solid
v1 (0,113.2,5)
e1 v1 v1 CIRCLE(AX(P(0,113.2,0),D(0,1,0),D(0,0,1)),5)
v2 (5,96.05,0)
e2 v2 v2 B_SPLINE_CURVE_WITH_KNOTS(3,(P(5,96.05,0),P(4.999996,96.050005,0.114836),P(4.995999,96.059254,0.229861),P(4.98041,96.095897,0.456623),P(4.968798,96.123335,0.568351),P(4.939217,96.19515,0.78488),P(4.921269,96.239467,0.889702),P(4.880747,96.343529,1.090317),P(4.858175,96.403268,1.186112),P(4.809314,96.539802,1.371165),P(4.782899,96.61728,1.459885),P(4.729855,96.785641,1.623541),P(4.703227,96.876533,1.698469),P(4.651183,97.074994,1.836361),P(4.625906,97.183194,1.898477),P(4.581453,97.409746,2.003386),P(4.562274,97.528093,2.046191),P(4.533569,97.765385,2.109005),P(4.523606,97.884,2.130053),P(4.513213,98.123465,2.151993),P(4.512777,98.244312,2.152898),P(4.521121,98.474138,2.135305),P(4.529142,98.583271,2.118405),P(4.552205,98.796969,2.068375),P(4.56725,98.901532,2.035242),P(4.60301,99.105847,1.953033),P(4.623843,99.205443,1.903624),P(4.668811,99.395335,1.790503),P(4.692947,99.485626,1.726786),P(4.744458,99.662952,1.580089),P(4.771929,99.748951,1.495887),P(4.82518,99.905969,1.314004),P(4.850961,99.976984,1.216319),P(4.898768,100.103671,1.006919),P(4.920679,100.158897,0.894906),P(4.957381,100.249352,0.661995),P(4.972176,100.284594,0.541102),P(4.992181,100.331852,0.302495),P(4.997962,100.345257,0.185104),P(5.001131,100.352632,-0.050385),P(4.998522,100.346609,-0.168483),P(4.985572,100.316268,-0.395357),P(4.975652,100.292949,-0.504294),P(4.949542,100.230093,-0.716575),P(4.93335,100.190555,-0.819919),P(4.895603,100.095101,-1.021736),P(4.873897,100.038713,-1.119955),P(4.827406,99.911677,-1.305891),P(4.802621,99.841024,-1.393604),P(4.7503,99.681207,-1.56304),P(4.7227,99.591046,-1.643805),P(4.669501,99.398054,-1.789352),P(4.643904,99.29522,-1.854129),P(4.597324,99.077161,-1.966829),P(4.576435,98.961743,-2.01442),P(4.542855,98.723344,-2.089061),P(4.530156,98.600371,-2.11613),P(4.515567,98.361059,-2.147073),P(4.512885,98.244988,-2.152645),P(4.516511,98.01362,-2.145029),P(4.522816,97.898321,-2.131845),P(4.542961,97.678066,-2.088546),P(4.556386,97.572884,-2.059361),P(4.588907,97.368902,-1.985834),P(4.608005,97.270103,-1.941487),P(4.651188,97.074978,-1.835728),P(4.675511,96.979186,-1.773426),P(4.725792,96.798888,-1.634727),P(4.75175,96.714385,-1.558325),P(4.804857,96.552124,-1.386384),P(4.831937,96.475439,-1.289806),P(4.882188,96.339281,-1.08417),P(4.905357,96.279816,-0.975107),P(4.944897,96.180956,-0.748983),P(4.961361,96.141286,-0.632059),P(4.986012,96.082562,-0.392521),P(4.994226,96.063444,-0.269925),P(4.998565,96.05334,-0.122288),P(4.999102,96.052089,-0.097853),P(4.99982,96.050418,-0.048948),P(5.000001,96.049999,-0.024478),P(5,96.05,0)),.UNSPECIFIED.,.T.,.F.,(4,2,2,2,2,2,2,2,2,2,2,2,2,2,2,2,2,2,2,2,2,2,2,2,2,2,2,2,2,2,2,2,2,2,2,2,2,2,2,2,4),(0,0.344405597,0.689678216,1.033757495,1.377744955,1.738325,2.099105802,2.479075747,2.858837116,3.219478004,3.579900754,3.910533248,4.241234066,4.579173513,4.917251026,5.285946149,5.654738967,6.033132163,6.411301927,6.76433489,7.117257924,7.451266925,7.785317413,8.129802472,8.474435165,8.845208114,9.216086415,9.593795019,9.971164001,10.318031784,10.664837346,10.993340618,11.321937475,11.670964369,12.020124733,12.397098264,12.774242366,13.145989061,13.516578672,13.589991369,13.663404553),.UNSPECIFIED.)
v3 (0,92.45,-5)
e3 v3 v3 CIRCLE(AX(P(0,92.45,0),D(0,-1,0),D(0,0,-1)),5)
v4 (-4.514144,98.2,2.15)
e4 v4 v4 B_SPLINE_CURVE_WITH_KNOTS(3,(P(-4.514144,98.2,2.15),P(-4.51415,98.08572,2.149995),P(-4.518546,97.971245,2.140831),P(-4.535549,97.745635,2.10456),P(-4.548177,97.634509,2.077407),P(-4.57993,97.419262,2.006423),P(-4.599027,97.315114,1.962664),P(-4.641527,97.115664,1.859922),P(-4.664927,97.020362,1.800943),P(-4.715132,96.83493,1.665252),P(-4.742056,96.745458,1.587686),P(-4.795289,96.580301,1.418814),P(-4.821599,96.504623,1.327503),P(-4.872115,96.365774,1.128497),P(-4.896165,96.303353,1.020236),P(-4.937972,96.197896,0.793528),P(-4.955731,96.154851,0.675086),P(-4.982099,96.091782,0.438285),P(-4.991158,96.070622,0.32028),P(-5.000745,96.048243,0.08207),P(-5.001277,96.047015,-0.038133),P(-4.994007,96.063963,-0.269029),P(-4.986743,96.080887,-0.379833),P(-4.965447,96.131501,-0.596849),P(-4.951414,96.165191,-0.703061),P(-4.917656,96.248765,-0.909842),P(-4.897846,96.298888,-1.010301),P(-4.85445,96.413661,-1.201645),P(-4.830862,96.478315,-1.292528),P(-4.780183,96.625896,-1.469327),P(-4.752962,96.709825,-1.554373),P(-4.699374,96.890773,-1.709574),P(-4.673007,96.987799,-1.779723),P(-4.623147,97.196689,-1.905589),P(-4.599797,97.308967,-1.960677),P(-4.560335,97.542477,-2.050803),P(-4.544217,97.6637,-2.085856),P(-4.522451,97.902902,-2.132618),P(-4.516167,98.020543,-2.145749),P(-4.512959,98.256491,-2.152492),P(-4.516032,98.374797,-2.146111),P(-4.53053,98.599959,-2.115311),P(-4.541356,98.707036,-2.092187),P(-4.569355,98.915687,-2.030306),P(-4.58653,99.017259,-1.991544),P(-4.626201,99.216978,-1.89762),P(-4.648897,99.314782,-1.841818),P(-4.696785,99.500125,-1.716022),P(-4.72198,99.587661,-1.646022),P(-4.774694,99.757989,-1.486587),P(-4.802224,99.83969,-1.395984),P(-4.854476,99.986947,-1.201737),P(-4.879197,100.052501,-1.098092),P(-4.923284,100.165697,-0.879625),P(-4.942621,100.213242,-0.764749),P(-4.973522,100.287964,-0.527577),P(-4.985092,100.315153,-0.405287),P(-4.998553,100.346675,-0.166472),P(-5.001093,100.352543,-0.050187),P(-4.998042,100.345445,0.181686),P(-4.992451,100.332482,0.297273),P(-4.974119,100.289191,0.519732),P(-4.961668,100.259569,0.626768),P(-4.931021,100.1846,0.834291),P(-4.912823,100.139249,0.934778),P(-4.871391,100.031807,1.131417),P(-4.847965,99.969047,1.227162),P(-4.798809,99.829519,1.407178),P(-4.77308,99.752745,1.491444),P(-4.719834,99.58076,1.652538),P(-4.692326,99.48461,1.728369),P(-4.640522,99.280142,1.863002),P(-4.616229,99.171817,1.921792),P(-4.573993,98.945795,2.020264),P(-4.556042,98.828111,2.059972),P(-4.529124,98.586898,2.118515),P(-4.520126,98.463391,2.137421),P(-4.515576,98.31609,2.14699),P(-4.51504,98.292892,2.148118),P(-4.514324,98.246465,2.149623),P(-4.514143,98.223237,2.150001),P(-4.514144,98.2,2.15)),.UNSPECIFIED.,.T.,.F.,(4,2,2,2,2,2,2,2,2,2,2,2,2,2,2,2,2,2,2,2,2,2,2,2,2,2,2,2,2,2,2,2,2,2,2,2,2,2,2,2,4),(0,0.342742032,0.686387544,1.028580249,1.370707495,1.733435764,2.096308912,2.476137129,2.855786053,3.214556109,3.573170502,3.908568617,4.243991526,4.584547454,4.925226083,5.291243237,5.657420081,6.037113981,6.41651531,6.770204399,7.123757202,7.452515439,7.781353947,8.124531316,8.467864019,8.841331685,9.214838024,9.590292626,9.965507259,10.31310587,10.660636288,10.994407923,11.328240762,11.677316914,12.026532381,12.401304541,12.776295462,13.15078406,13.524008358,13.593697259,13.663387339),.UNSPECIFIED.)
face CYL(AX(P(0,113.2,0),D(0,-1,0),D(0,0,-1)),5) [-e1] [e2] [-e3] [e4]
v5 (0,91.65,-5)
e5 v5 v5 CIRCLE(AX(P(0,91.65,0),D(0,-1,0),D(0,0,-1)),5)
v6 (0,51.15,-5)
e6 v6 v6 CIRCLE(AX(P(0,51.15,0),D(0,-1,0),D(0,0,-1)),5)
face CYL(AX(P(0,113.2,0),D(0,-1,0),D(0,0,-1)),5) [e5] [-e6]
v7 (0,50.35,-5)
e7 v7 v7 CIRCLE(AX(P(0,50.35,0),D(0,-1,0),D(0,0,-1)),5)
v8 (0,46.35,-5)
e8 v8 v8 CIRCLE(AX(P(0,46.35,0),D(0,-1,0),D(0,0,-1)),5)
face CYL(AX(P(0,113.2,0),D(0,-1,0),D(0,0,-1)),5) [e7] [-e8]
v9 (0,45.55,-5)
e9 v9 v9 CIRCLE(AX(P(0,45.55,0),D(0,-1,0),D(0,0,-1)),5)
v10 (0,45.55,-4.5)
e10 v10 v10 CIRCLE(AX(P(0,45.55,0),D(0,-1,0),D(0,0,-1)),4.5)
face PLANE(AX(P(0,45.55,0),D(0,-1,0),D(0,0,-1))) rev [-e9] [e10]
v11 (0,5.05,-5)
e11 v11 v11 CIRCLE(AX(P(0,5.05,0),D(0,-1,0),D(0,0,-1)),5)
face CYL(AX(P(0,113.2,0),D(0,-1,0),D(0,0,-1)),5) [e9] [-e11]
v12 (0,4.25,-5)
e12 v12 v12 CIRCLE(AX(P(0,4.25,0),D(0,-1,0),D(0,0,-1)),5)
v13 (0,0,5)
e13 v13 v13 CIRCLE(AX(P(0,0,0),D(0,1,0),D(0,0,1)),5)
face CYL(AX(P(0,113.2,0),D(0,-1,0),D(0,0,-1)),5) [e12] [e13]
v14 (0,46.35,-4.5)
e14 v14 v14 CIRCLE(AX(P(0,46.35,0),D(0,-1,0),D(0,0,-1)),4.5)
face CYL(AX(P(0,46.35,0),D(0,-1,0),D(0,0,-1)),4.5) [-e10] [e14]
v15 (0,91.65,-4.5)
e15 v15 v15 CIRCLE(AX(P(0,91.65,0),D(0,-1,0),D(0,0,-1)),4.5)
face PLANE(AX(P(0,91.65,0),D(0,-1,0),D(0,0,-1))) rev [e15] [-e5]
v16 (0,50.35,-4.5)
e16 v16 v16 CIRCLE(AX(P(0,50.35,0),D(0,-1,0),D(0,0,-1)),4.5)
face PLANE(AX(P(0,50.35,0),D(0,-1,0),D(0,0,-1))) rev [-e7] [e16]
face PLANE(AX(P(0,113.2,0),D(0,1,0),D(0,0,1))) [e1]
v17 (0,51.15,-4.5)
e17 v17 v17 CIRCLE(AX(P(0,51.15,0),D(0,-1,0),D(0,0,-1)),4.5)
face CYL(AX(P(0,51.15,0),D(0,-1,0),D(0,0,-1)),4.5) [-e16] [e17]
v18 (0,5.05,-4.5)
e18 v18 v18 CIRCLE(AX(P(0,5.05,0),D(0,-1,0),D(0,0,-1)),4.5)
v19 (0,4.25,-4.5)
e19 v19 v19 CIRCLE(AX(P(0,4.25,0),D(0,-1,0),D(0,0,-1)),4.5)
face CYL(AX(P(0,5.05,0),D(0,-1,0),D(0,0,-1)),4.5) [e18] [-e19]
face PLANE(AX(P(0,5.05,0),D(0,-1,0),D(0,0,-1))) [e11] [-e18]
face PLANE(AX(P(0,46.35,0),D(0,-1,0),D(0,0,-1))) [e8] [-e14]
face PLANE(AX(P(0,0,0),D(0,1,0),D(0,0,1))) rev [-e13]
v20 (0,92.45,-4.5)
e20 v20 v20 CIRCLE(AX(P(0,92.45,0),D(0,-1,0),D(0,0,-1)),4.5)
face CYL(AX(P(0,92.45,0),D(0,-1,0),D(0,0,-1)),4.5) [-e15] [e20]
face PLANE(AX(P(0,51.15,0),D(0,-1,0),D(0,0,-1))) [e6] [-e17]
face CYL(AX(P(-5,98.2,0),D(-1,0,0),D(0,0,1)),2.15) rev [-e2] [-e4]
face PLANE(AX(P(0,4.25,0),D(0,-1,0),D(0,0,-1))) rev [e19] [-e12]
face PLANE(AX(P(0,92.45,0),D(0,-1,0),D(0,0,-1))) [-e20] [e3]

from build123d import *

# Parameters (mm, degrees)
SKETCH1_R            = 5
BOSS_EXTRUDE1_DEPTH  = 113.2
CUT_EXTRUDE2_START   = -4.25
SKETCH2_R            = 5
SKETCH2_R_2          = 4.5
CUT_EXTRUDE2_DEPTH   = 0.8
CUT_EXTRUDE3_START   = -45.55
SKETCH2_2_R          = 5
SKETCH2_2_R_2        = 4.5
CUT_EXTRUDE3_DEPTH   = 0.8
CUT_EXTRUDE4_START   = -50.35
SKETCH2_3_R          = 5
SKETCH2_3_R_2        = 4.5
CUT_EXTRUDE4_DEPTH   = 0.8
CUT_EXTRUDE5_START   = -91.65
SKETCH2_4_R          = 5
SKETCH2_4_R_2        = 4.5
CUT_EXTRUDE5_DEPTH   = 0.8
SKETCH4_R            = 1.5
CUT_EXTRUDE6_DEPTH   = 114.750780217
M4_CLEARANCE_HOLE1_D = 4.3


with BuildPart() as part:
    # Sketch1 → Boss-Extrude1 (new body)
    with BuildSketch(Plane(origin=(0, 0, 0), x_dir=(1, 0, 0), z_dir=(0, 1, 0))):
        Circle(SKETCH1_R)
    extrude(amount=BOSS_EXTRUDE1_DEPTH)

    # Sketch2 → Cut-Extrude2 (cut)
    with BuildSketch(Plane.XZ.offset(CUT_EXTRUDE2_START)):
        Circle(SKETCH2_R)
        Circle(SKETCH2_R_2, mode=Mode.SUBTRACT)
    extrude(amount=-CUT_EXTRUDE2_DEPTH, mode=Mode.SUBTRACT)

    # Sketch2<2> → Cut-Extrude3 (cut)
    with BuildSketch(Plane.XZ.offset(CUT_EXTRUDE3_START)):
        Circle(SKETCH2_2_R)
        Circle(SKETCH2_2_R_2, mode=Mode.SUBTRACT)
    extrude(amount=-CUT_EXTRUDE3_DEPTH, mode=Mode.SUBTRACT)

    # Sketch2<3> → Cut-Extrude4 (cut)
    with BuildSketch(Plane.XZ.offset(CUT_EXTRUDE4_START)):
        Circle(SKETCH2_3_R)
        Circle(SKETCH2_3_R_2, mode=Mode.SUBTRACT)
    extrude(amount=-CUT_EXTRUDE4_DEPTH, mode=Mode.SUBTRACT)

    # Sketch2<4> → Cut-Extrude5 (cut)
    with BuildSketch(Plane.XZ.offset(CUT_EXTRUDE5_START)):
        Circle(SKETCH2_4_R)
        Circle(SKETCH2_4_R_2, mode=Mode.SUBTRACT)
    extrude(amount=-CUT_EXTRUDE5_DEPTH, mode=Mode.SUBTRACT)

    # Sketch4 → Cut-Extrude6 (cut, through all)
    with BuildSketch(Plane(origin=(-5, 0, 0), x_dir=(0, 0, -1), z_dir=(1, 0, 0))):
        with Locations((0, 98.2)):
            Circle(SKETCH4_R)
    extrude(amount=CUT_EXTRUDE6_DEPTH, mode=Mode.SUBTRACT)

    # M4 Clearance Hole1 (through all)
    with Locations(Plane.ZY.offset(5)):
        with Locations((0, 98.2)):
            Hole(M4_CLEARANCE_HOLE1_D / 2)


solid = part.part
